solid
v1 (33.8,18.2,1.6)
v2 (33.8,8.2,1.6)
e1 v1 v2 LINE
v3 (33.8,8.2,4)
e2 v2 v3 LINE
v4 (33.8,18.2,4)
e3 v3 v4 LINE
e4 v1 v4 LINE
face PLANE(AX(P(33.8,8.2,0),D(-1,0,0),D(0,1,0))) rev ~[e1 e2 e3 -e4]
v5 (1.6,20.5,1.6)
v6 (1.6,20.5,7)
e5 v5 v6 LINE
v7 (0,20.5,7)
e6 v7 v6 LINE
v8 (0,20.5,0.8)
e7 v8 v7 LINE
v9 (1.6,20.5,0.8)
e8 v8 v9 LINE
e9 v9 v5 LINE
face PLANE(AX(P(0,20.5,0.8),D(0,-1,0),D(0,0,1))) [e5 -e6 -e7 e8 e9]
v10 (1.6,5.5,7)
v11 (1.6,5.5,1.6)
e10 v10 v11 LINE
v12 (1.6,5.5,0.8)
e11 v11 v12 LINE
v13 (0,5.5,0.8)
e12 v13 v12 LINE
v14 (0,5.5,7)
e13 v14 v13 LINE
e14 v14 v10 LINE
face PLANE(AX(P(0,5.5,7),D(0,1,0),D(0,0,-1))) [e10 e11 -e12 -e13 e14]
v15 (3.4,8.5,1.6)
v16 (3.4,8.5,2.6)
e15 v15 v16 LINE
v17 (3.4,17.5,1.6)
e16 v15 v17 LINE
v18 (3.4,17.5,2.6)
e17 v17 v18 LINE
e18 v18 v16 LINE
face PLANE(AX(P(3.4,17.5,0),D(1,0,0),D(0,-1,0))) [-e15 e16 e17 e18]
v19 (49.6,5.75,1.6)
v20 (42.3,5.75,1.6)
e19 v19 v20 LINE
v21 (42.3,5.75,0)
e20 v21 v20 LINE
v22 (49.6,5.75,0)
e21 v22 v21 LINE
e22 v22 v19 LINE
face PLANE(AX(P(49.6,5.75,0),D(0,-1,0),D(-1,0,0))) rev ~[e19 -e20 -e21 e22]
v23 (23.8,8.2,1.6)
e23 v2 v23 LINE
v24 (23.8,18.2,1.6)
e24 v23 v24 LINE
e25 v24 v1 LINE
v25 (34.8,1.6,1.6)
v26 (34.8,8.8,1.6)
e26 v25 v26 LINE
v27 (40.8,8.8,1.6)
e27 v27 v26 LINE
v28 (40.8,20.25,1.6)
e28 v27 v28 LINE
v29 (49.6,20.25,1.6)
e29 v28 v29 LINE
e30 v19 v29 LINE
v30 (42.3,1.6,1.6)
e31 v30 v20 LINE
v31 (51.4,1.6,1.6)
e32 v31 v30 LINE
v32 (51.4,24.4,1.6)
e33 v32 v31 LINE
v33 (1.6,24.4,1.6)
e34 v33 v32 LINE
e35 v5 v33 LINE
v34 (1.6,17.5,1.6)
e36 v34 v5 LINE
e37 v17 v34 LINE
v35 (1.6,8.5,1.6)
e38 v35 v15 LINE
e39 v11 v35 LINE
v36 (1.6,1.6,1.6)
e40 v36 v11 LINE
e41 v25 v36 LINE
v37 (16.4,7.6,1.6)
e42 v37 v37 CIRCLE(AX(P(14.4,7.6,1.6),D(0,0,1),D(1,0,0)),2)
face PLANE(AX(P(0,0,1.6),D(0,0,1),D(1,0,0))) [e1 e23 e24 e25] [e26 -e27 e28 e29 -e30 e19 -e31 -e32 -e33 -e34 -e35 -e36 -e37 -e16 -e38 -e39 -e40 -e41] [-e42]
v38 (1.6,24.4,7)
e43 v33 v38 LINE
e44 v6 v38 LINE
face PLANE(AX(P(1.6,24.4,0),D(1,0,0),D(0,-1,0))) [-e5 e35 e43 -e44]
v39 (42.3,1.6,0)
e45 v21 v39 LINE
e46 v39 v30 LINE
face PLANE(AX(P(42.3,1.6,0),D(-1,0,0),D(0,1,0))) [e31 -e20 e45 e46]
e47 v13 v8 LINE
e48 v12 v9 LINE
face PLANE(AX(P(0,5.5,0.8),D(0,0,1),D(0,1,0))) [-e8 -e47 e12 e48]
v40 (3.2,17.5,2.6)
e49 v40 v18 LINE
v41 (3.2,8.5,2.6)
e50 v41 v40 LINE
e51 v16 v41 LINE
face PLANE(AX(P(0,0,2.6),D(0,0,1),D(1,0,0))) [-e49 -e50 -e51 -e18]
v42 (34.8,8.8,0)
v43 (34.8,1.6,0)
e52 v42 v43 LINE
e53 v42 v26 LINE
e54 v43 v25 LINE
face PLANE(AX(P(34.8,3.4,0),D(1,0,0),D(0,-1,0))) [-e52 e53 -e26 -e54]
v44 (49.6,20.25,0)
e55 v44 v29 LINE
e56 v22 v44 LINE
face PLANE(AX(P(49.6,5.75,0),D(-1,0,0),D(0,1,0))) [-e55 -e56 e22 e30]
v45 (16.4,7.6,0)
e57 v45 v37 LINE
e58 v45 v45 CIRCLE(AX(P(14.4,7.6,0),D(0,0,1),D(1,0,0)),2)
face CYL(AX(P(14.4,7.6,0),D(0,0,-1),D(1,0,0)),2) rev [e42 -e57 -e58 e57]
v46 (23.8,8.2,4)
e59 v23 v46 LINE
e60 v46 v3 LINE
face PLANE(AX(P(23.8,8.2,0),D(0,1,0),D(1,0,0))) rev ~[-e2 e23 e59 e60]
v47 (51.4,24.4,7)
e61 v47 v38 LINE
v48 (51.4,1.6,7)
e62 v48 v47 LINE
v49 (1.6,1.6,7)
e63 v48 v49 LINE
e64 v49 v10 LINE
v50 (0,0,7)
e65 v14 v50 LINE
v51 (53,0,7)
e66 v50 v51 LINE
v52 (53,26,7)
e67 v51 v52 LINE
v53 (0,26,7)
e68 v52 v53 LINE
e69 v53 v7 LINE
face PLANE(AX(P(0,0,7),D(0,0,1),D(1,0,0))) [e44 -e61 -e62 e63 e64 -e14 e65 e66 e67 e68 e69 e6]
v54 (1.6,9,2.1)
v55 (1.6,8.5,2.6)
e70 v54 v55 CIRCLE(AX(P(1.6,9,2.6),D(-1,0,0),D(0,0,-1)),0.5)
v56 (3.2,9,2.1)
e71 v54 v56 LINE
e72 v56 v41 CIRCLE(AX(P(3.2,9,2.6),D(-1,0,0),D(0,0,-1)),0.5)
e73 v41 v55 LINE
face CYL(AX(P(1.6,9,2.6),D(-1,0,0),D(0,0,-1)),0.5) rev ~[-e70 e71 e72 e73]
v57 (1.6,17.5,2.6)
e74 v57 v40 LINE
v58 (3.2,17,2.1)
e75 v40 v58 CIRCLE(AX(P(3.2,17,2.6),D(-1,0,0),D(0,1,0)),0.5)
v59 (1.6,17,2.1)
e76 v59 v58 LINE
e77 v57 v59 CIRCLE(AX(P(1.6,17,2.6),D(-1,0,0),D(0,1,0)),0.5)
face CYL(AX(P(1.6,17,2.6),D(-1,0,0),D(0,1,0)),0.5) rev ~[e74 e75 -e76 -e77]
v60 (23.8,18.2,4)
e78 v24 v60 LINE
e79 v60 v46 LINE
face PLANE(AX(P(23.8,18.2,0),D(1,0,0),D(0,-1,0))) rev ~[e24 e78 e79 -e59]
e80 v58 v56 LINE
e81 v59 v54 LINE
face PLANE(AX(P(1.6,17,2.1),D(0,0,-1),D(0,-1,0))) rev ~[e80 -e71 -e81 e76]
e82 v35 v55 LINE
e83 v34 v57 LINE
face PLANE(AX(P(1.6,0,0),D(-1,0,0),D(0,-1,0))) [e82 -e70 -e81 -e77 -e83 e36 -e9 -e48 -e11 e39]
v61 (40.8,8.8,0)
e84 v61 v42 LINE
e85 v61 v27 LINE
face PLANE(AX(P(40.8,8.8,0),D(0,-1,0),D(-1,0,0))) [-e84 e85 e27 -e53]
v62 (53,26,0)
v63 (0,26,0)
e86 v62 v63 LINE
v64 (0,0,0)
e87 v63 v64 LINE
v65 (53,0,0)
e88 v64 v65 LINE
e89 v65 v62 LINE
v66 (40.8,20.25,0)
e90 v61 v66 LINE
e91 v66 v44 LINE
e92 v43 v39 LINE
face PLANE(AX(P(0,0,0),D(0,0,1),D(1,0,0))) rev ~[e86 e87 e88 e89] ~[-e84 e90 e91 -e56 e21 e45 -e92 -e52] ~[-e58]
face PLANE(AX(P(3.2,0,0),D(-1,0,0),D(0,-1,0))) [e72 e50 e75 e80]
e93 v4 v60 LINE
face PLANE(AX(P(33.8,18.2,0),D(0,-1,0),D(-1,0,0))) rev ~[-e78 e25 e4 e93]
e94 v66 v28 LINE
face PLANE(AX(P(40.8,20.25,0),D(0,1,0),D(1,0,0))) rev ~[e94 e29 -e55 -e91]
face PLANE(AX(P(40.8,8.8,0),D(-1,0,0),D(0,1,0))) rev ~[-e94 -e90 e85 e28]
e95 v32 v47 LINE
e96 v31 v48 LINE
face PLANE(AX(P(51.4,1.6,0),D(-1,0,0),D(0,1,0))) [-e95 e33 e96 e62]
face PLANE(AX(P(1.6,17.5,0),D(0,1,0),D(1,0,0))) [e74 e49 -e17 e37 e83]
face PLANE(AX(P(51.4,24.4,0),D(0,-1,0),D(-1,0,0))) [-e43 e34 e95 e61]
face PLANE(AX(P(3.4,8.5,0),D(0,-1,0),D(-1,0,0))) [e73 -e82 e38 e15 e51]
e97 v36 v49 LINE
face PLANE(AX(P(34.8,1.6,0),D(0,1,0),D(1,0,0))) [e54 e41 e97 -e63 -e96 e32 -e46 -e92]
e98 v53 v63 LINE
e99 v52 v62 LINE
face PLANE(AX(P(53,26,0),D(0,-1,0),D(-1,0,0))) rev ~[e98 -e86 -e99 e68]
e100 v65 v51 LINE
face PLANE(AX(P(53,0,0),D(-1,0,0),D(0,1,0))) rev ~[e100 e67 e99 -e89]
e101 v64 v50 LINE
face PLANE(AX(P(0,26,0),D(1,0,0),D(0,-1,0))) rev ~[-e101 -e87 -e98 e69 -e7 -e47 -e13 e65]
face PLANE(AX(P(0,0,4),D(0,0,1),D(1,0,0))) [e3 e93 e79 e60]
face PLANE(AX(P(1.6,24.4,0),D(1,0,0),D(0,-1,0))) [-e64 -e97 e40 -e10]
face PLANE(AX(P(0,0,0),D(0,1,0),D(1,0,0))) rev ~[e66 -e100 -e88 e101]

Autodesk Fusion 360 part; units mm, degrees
sketch "Skizze1" plane through (0, 0, 0) normal (0, 0, 1) x (1, 0, 0)
  line L0 (0, 0) -> (53, 0)
  line L1 (53, 0) -> (53, 26)
  line L2 (53, 26) -> (0, 26)
  line L3 (0, 26) -> (0, 0)
  line L4 (1.6, 1.6) -> (51.4, 1.6)
  line L5 (51.4, 1.6) -> (51.4, 24.4)
  line L6 (51.4, 24.4) -> (1.6, 24.4)
  line L7 (1.6, 24.4) -> (1.6, 1.6)
  line L8 (3.4, 3.4) -> (49.6, 3.4)
  line L9 (49.6, 3.4) -> (49.6, 22.6)
  line L10 (49.6, 22.6) -> (3.4, 22.6)
  line L11 (3.4, 22.6) -> (3.4, 3.4)
  circle A0 centre (14.4, 7.6) radius 2
  line L12 (40.8, 20.25) -> (49.6, 20.25)
  line L13 (49.6, 20.25) -> (49.6, 5.75)
  line L14 (49.6, 5.75) -> (40.8, 5.75)
  line L15 (40.8, 5.75) -> (40.8, 20.25)
  line L16 (34.3, 22.6) -> (40.4, 22.6)
  line L17 (3.4, 8.5) -> (1.6, 8.5)
  line L18 (1.6, 8.5) -> (1.6, 17.5)
  line L19 (1.6, 17.5) -> (3.4, 17.5)
  line L20 (3.4, 17.5) -> (3.4, 8.5)
  line L21 (23.8, 8.2) -> (33.8, 8.2)
  line L22 (33.8, 8.2) -> (33.8, 18.2)
  line L23 (33.8, 18.2) -> (23.8, 18.2)
  line L24 (23.8, 18.2) -> (23.8, 8.2)
  line L25 (34.8, 1.6) -> (42.3, 1.6)
  line L26 (42.3, 1.6) -> (42.3, 8.8)
  line L27 (42.3, 8.8) -> (34.8, 8.8)
  line L28 (34.8, 8.8) -> (34.8, 1.6)
  dimension "d1" = 46.2
  dimension "d2" = 19.2
  dimension "d3" = 1.6
  dimension "d4" = 1.8
  dimension "d5" = 1.6
  dimension "d6" = 1.8
  dimension "d7" = 1.8
  dimension "d8" = 1.6
  dimension "d9" = 1.8
  dimension "d10" = 1.6
  dimension "d20" = 4
  dimension "d21" = 12.8
  dimension "d26" = 14.5
  dimension "d29" = 6
  dimension "d34" = 8.8
  dimension "d35" = 9
  dimension "d45" = 10
  dimension "d46" = 10
  dimension "d47" = 15.8
  dimension "d48" = 4.8
  dimension "d51" = 9.1
  dimension "d52" = 7.5
  dimension "d53" = 7.2
extrude "Extrusion1" add sketch "Skizze1" along normal blind 1.6 contours L0 L1 L2 L3 | L4 L7 L8 L11 L17 L28 | L4 L8 L25 L26 L28 | L7 L11 L17 L18 L19 L20 | L4 L5 L6 L7 L8 L9 L10 L11 L13 L16 L19 L26 | L8 L14 L15 L26 L27 L28 | L8 L9 L10 L11 L12 L15 L16 L20 L27 L28 | L8 L9 L14 L26 | L9 L12 L13 L14 L15 L26 L27 | L14 L15 L26 L27 | A0 | L21 L22 L23 L24
extrude "Extrusion2" add sketch "Skizze1" along normal blind 7 contours L0 L1 L2 L3
ref_plane "Arbeitsebene1" through (0, 13, 3.5) normal (-1, 0, 0) x (0, -1, 0)
sketch "Skizze2" plane through (0, 0, 0) normal (-1, 0, 0) x (0, -1, 0)
  line L0 (-20.5, 7) -> (-5.5, 7)
  line L1 (-5.5, 7) -> (-5.5, 0.8)
  line L2 (-5.5, 0.8) -> (-20.5, 0.8)
  line L3 (-20.5, 0.8) -> (-20.5, 7)
  line L4 (-26, 7) -> (0, 7)
  line L5 (-26, 0) -> (0, 0)
  dimension "d16" = 0.8
  dimension "d17" = 15
extrude "Extrusion3" cut sketch "Skizze2" against normal blind 1.6
extrude "Extrusion4" cut sketch "Skizze1" along normal blind 1.6 contours L4 L8 L25 L26 L28 | L8 L14 L15 L26 L27 L28 | L9 L12 L13 L14 L15 L26 L27 | L14 L15 L26 L27 | A0
extrude "Extrusion5" add sketch "Skizze1" along normal blind 2.6 contours L7 L11 L17 L18 L19 L20
ref_plane "Arbeitsebene2" through (1.6, 13, 1.7) normal (-1, 0, 0) x (0, 0, 1)
sketch "Skizze3" plane through (1.6, 0, 0) normal (-1, 0, 0) x (0, -1, 0)
  line L0 (-8.5, 2.6) -> (-17.5, 2.6)
  line L1 (-17, 2.1) -> (-9, 2.1)
  line L2 (-17.5, 2.6) -> (-8.5, 2.6)
  arc A0 (-9, 2.1) -> (-8.5, 2.6) centre (-9, 2.6) ccw
  arc A1 (-17.5, 2.6) -> (-17, 2.1) centre (-17, 2.6) ccw
  dimension "d39" = 0.5
  dimension "d41" = 0.5
  dimension "d42" = 0.5
extrude "Extrusion6" cut sketch "Skizze3" against normal blind 1.6
extrude "Extrusion7" add sketch "Skizze1" along normal blind 4 contours L21 L22 L23 L24
equation "d13 = 5.4 mm + 1.6 mm"
equation "d36 = 1.6 mm + 0.5 mm + 0.5 mm"
equation "d53 = 1.7 mm + 5.5 mm"
